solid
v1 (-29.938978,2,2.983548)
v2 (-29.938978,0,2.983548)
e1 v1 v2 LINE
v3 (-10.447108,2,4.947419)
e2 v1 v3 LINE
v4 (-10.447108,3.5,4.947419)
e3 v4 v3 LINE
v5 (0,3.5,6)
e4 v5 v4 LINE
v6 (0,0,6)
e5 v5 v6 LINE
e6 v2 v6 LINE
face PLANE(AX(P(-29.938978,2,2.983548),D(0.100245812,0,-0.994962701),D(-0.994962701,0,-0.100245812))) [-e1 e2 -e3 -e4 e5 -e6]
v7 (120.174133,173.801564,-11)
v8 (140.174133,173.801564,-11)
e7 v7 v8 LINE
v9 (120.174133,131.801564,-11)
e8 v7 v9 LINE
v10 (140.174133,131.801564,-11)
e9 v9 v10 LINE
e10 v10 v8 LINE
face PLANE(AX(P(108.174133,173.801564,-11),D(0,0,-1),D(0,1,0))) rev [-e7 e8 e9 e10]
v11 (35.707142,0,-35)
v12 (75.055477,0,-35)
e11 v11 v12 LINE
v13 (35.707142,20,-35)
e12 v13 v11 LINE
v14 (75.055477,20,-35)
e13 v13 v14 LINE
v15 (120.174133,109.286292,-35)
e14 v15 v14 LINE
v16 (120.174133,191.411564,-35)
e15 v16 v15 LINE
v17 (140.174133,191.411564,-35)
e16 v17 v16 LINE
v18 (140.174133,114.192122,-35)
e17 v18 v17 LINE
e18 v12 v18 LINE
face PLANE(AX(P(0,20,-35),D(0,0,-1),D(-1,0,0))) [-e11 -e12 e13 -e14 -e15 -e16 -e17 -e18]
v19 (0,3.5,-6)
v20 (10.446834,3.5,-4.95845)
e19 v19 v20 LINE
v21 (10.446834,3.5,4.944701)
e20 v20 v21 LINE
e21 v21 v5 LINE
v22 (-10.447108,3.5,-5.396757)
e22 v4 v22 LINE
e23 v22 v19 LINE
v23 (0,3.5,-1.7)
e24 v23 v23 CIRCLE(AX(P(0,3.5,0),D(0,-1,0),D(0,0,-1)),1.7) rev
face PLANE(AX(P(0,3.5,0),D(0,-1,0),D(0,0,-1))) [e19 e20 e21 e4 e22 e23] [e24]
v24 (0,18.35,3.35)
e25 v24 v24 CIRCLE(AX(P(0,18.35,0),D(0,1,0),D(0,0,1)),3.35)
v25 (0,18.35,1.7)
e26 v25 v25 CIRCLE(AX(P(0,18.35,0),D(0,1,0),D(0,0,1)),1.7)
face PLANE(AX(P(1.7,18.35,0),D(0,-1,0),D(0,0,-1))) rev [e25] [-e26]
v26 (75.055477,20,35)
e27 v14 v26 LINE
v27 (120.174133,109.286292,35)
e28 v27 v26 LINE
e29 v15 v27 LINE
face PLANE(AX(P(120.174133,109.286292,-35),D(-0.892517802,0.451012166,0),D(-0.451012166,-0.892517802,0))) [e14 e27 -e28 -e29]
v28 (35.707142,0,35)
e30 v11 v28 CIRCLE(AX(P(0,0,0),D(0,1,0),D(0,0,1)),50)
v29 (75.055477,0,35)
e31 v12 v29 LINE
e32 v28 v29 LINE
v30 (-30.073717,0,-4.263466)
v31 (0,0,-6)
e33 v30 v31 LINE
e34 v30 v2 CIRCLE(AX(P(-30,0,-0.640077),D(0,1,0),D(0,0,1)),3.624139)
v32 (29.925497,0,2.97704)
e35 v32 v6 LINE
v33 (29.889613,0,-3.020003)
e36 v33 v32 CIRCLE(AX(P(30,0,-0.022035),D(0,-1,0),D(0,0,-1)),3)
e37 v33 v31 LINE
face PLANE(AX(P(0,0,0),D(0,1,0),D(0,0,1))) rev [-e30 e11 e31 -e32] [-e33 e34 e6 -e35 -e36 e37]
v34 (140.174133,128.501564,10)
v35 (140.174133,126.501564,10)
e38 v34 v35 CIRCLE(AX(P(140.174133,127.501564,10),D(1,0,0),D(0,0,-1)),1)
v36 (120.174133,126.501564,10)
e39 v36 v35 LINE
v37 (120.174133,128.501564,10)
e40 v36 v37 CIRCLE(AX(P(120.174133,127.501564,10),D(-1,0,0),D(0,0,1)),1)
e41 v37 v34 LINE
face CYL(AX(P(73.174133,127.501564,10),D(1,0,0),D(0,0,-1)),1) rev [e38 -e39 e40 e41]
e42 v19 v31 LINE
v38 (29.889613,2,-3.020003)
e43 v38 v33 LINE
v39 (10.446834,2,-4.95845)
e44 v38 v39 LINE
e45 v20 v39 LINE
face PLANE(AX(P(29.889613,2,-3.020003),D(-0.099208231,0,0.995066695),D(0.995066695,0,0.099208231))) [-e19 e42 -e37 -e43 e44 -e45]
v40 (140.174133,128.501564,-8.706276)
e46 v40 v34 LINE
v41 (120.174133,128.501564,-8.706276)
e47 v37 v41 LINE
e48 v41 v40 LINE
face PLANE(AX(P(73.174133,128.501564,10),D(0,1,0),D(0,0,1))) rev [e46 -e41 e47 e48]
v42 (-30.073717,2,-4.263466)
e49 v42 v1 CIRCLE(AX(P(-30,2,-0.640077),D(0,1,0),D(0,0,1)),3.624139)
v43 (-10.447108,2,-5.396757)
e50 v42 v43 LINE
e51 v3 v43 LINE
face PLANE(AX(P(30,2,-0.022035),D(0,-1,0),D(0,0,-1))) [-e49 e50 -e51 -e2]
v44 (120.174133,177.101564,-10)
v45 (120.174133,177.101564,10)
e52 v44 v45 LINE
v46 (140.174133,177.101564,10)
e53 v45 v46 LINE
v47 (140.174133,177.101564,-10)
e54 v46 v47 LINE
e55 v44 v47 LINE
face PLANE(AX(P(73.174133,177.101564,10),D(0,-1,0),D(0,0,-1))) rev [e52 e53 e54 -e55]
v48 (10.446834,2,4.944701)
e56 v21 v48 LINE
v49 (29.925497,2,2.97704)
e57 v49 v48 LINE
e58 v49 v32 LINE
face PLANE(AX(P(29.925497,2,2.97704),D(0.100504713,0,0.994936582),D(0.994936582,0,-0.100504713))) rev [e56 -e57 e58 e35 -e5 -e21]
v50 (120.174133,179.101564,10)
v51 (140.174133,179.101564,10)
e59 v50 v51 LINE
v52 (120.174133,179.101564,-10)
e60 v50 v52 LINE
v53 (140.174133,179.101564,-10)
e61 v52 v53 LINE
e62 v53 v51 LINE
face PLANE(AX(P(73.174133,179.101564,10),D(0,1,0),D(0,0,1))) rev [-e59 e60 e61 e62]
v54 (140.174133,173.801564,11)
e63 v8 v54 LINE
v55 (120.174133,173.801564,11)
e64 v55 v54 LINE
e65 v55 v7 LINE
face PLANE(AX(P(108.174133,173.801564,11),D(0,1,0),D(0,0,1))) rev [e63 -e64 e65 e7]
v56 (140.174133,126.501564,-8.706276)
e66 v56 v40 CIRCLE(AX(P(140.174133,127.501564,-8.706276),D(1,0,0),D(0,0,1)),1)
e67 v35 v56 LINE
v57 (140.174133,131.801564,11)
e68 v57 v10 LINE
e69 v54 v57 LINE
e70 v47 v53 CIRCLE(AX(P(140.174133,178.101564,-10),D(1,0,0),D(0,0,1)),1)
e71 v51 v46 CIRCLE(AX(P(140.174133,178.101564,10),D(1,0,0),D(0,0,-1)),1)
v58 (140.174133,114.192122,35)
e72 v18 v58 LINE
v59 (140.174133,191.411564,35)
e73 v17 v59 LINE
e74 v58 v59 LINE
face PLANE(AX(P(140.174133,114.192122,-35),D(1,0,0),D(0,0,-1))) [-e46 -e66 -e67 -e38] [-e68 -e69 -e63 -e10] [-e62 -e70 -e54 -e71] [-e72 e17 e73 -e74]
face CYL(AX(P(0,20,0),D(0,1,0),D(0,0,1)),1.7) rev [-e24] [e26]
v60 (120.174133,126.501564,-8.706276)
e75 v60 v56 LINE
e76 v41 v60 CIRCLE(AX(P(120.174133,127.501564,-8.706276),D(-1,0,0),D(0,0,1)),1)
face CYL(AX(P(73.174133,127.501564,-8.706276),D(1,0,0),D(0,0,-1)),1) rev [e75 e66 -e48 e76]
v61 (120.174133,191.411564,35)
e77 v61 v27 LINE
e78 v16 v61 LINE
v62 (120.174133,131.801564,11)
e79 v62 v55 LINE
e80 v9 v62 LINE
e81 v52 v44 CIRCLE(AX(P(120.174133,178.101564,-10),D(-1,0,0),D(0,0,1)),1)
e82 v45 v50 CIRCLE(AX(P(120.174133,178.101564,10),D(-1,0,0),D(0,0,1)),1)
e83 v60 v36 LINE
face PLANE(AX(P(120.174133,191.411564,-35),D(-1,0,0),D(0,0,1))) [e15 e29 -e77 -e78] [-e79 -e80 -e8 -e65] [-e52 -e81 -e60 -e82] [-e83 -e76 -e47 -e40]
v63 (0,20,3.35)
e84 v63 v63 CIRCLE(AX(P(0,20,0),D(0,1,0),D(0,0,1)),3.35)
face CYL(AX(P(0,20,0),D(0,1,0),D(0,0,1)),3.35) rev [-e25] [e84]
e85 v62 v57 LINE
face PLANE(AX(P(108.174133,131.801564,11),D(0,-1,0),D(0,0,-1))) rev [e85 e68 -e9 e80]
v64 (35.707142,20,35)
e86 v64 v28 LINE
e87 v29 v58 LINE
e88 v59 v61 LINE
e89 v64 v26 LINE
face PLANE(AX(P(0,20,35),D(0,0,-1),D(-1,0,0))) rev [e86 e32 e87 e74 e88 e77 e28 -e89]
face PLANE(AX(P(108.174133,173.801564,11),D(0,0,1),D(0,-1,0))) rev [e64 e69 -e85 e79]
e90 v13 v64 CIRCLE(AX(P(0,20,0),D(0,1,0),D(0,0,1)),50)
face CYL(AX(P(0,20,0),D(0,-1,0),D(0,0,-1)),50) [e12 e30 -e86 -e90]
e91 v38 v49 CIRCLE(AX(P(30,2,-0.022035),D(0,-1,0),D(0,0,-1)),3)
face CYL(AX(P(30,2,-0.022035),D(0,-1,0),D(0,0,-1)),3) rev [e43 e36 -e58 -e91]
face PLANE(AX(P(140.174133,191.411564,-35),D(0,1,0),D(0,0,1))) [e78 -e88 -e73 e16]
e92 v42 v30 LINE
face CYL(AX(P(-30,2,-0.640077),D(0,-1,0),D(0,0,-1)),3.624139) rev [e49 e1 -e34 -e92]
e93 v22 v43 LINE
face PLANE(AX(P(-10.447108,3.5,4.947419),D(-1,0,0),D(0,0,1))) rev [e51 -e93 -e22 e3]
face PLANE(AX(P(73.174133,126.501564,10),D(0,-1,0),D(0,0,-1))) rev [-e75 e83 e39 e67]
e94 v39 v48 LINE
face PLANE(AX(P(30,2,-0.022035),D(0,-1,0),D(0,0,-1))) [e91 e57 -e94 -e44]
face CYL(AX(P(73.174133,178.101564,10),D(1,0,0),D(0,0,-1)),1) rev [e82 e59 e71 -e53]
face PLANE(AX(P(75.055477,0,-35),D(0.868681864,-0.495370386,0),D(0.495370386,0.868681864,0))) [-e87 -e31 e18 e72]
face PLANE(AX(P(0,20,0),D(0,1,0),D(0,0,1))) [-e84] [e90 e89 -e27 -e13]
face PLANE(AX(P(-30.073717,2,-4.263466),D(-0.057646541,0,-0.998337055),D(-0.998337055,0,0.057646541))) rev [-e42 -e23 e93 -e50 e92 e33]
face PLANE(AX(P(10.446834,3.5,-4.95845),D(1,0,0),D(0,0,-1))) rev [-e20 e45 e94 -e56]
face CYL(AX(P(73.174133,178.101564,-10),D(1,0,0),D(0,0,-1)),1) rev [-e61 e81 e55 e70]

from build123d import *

# Parameters (mm, degrees)
EXTRUDE_1_DEPTH        = 20
EXTRUDE_2_DEPTH        = 70
F_1_4_BASE_D           = 3.4
F_1_4_BASE_CBORE_D     = 6.7
F_1_4_BASE_CBORE_DEPTH = 1.65
SKETCH_11_W            = 22
SKETCH_11_H            = 42
CUT_EXTRUDE_1_DEPTH    = 32
CUT_EXTRUDE_2_DEPTH    = 67
CUT_EXTRUDE_3_DEPTH    = 2
CUT_EXTRUDE_4_DEPTH    = 3.5


with BuildPart() as part:
    # 草图1 → 凸台-拉伸1 (new body)
    with BuildSketch(Plane(origin=(0, 0, 0), x_dir=(1, 0, 0), z_dir=(0, 1, 0))):
        with BuildLine():
            Line((75.055476805, 35), (35.707142143, 35))
            ThreePointArc((35.707142143, 35), (46.289075964, 18.902948088), (50, 0))
            ThreePointArc((50, 0), (46.289075964, -18.902948088), (35.707142143, -35))
            Line((35.707142143, -35), (75.055476805, -35))
            Line((75.055476805, -35), (75.055476805, 35))
        make_face()
        with BuildLine():
            Line((0.055476805, -35), (0.055476805, 35))
            Line((0.055476805, 35), (35.707142143, 35))
            ThreePointArc((35.707142143, 35), (-50, 0), (35.707142143, -35))
            Line((35.707142143, -35), (0.055476805, -35))
        make_face()
        with BuildLine():
            Line((35.707142143, 35), (0.055476805, 35))
            Line((0.055476805, 35), (0.055476805, -35))
            Line((0.055476805, -35), (35.707142143, -35))
            ThreePointArc((35.707142143, -35), (46.289075964, -18.902948088), (50, 0))
            ThreePointArc((50, 0), (46.289075964, 18.902948088), (35.707142143, 35))
        make_face()
    extrude(amount=EXTRUDE_1_DEPTH)

    # 草图2 → 凸台-拉伸2 (add)
    with BuildSketch(Plane.XY.offset(35)):
        Polygon((75.055476805, 0), (140.174133177, 114.192122372), (140.174133177, 191.411564081), (120.174133177, 191.411564081), (120.174133177, 109.286292207), (75.055476805, 20), align=None)
    extrude(amount=-EXTRUDE_2_DEPTH)

    # 1/4 六角头螺钉的柱形沉头孔base (through all)
    with Locations(Plane(origin=(0, 20, 0), x_dir=(1, 0, 0), z_dir=(0, 1, 0))):
        with Locations((0, 0)):
            CounterBoreHole(F_1_4_BASE_D / 2, F_1_4_BASE_CBORE_D / 2, F_1_4_BASE_CBORE_DEPTH)

    # 草图11 → 切除-拉伸1 (cut)
    with BuildSketch(Plane(origin=(140.174133177, 0, 0), x_dir=(0, 0, -1), z_dir=(1, 0, 0))):
        with Locations((0, 152.801564081)):
            Rectangle(SKETCH_11_W, SKETCH_11_H)
    extrude(amount=-CUT_EXTRUDE_1_DEPTH, mode=Mode.SUBTRACT)

    # 草图14 → 切除-拉伸2 (cut)
    with BuildSketch(Plane(origin=(140.174133177, 0, 0), x_dir=(0, 0, -1), z_dir=(1, 0, 0))):
        with BuildLine():
            Line((-10, 179.101564081), (10, 179.101564081))
            ThreePointArc((10, 179.101564081), (11, 178.101564081), (10, 177.101564081))
            Line((10, 177.101564081), (-10, 177.101564081))
            ThreePointArc((-10, 177.101564081), (-11, 178.101564081), (-10, 179.101564081))
        make_face()
        with BuildLine():
            Line((-10, 128.501564081), (8.706275956, 128.501564081))
            ThreePointArc((8.706275956, 128.501564081), (9.706275956, 127.501564081), (8.706275956, 126.501564081))
            Line((8.706275956, 126.501564081), (-10, 126.501564081))
            ThreePointArc((-10, 126.501564081), (-11, 127.501564081), (-10, 128.501564081))
        make_face()
    extrude(amount=-CUT_EXTRUDE_2_DEPTH, mode=Mode.SUBTRACT)

    # 草图19 → 切除-拉伸3 (cut)
    with BuildSketch(Plane.XZ):
        with BuildLine():
            Line((-29.938978194, 2.983548036), (0, 6))
            Line((0, 6), (29.925496738, 2.977040035))
            ThreePointArc((29.925496738, 2.977040035), (32.999946297, -0.039985046), (29.889613095, -3.020003134))
            Line((29.889613095, -3.020003134), (0, -6))
            Line((0, -6), (-30.07371717, -4.263466486))
            ThreePointArc((-30.07371717, -4.263466486), (-33.623512821, -0.572707651), (-29.938978194, 2.983548036))
        make_face()
    extrude(amount=-CUT_EXTRUDE_3_DEPTH, mode=Mode.SUBTRACT)

    # 草图20 → 切除-拉伸4 (cut)
    with BuildSketch(Plane.XZ):
        Polygon((0, 6), (-10.447108364, 4.947418969), (-10.447108364, -5.396757185), (0, -6), (10.446834114, -4.958449786), (10.446834114, 4.944700515), align=None)
    extrude(amount=-CUT_EXTRUDE_4_DEPTH, mode=Mode.SUBTRACT)


solid = part.part
